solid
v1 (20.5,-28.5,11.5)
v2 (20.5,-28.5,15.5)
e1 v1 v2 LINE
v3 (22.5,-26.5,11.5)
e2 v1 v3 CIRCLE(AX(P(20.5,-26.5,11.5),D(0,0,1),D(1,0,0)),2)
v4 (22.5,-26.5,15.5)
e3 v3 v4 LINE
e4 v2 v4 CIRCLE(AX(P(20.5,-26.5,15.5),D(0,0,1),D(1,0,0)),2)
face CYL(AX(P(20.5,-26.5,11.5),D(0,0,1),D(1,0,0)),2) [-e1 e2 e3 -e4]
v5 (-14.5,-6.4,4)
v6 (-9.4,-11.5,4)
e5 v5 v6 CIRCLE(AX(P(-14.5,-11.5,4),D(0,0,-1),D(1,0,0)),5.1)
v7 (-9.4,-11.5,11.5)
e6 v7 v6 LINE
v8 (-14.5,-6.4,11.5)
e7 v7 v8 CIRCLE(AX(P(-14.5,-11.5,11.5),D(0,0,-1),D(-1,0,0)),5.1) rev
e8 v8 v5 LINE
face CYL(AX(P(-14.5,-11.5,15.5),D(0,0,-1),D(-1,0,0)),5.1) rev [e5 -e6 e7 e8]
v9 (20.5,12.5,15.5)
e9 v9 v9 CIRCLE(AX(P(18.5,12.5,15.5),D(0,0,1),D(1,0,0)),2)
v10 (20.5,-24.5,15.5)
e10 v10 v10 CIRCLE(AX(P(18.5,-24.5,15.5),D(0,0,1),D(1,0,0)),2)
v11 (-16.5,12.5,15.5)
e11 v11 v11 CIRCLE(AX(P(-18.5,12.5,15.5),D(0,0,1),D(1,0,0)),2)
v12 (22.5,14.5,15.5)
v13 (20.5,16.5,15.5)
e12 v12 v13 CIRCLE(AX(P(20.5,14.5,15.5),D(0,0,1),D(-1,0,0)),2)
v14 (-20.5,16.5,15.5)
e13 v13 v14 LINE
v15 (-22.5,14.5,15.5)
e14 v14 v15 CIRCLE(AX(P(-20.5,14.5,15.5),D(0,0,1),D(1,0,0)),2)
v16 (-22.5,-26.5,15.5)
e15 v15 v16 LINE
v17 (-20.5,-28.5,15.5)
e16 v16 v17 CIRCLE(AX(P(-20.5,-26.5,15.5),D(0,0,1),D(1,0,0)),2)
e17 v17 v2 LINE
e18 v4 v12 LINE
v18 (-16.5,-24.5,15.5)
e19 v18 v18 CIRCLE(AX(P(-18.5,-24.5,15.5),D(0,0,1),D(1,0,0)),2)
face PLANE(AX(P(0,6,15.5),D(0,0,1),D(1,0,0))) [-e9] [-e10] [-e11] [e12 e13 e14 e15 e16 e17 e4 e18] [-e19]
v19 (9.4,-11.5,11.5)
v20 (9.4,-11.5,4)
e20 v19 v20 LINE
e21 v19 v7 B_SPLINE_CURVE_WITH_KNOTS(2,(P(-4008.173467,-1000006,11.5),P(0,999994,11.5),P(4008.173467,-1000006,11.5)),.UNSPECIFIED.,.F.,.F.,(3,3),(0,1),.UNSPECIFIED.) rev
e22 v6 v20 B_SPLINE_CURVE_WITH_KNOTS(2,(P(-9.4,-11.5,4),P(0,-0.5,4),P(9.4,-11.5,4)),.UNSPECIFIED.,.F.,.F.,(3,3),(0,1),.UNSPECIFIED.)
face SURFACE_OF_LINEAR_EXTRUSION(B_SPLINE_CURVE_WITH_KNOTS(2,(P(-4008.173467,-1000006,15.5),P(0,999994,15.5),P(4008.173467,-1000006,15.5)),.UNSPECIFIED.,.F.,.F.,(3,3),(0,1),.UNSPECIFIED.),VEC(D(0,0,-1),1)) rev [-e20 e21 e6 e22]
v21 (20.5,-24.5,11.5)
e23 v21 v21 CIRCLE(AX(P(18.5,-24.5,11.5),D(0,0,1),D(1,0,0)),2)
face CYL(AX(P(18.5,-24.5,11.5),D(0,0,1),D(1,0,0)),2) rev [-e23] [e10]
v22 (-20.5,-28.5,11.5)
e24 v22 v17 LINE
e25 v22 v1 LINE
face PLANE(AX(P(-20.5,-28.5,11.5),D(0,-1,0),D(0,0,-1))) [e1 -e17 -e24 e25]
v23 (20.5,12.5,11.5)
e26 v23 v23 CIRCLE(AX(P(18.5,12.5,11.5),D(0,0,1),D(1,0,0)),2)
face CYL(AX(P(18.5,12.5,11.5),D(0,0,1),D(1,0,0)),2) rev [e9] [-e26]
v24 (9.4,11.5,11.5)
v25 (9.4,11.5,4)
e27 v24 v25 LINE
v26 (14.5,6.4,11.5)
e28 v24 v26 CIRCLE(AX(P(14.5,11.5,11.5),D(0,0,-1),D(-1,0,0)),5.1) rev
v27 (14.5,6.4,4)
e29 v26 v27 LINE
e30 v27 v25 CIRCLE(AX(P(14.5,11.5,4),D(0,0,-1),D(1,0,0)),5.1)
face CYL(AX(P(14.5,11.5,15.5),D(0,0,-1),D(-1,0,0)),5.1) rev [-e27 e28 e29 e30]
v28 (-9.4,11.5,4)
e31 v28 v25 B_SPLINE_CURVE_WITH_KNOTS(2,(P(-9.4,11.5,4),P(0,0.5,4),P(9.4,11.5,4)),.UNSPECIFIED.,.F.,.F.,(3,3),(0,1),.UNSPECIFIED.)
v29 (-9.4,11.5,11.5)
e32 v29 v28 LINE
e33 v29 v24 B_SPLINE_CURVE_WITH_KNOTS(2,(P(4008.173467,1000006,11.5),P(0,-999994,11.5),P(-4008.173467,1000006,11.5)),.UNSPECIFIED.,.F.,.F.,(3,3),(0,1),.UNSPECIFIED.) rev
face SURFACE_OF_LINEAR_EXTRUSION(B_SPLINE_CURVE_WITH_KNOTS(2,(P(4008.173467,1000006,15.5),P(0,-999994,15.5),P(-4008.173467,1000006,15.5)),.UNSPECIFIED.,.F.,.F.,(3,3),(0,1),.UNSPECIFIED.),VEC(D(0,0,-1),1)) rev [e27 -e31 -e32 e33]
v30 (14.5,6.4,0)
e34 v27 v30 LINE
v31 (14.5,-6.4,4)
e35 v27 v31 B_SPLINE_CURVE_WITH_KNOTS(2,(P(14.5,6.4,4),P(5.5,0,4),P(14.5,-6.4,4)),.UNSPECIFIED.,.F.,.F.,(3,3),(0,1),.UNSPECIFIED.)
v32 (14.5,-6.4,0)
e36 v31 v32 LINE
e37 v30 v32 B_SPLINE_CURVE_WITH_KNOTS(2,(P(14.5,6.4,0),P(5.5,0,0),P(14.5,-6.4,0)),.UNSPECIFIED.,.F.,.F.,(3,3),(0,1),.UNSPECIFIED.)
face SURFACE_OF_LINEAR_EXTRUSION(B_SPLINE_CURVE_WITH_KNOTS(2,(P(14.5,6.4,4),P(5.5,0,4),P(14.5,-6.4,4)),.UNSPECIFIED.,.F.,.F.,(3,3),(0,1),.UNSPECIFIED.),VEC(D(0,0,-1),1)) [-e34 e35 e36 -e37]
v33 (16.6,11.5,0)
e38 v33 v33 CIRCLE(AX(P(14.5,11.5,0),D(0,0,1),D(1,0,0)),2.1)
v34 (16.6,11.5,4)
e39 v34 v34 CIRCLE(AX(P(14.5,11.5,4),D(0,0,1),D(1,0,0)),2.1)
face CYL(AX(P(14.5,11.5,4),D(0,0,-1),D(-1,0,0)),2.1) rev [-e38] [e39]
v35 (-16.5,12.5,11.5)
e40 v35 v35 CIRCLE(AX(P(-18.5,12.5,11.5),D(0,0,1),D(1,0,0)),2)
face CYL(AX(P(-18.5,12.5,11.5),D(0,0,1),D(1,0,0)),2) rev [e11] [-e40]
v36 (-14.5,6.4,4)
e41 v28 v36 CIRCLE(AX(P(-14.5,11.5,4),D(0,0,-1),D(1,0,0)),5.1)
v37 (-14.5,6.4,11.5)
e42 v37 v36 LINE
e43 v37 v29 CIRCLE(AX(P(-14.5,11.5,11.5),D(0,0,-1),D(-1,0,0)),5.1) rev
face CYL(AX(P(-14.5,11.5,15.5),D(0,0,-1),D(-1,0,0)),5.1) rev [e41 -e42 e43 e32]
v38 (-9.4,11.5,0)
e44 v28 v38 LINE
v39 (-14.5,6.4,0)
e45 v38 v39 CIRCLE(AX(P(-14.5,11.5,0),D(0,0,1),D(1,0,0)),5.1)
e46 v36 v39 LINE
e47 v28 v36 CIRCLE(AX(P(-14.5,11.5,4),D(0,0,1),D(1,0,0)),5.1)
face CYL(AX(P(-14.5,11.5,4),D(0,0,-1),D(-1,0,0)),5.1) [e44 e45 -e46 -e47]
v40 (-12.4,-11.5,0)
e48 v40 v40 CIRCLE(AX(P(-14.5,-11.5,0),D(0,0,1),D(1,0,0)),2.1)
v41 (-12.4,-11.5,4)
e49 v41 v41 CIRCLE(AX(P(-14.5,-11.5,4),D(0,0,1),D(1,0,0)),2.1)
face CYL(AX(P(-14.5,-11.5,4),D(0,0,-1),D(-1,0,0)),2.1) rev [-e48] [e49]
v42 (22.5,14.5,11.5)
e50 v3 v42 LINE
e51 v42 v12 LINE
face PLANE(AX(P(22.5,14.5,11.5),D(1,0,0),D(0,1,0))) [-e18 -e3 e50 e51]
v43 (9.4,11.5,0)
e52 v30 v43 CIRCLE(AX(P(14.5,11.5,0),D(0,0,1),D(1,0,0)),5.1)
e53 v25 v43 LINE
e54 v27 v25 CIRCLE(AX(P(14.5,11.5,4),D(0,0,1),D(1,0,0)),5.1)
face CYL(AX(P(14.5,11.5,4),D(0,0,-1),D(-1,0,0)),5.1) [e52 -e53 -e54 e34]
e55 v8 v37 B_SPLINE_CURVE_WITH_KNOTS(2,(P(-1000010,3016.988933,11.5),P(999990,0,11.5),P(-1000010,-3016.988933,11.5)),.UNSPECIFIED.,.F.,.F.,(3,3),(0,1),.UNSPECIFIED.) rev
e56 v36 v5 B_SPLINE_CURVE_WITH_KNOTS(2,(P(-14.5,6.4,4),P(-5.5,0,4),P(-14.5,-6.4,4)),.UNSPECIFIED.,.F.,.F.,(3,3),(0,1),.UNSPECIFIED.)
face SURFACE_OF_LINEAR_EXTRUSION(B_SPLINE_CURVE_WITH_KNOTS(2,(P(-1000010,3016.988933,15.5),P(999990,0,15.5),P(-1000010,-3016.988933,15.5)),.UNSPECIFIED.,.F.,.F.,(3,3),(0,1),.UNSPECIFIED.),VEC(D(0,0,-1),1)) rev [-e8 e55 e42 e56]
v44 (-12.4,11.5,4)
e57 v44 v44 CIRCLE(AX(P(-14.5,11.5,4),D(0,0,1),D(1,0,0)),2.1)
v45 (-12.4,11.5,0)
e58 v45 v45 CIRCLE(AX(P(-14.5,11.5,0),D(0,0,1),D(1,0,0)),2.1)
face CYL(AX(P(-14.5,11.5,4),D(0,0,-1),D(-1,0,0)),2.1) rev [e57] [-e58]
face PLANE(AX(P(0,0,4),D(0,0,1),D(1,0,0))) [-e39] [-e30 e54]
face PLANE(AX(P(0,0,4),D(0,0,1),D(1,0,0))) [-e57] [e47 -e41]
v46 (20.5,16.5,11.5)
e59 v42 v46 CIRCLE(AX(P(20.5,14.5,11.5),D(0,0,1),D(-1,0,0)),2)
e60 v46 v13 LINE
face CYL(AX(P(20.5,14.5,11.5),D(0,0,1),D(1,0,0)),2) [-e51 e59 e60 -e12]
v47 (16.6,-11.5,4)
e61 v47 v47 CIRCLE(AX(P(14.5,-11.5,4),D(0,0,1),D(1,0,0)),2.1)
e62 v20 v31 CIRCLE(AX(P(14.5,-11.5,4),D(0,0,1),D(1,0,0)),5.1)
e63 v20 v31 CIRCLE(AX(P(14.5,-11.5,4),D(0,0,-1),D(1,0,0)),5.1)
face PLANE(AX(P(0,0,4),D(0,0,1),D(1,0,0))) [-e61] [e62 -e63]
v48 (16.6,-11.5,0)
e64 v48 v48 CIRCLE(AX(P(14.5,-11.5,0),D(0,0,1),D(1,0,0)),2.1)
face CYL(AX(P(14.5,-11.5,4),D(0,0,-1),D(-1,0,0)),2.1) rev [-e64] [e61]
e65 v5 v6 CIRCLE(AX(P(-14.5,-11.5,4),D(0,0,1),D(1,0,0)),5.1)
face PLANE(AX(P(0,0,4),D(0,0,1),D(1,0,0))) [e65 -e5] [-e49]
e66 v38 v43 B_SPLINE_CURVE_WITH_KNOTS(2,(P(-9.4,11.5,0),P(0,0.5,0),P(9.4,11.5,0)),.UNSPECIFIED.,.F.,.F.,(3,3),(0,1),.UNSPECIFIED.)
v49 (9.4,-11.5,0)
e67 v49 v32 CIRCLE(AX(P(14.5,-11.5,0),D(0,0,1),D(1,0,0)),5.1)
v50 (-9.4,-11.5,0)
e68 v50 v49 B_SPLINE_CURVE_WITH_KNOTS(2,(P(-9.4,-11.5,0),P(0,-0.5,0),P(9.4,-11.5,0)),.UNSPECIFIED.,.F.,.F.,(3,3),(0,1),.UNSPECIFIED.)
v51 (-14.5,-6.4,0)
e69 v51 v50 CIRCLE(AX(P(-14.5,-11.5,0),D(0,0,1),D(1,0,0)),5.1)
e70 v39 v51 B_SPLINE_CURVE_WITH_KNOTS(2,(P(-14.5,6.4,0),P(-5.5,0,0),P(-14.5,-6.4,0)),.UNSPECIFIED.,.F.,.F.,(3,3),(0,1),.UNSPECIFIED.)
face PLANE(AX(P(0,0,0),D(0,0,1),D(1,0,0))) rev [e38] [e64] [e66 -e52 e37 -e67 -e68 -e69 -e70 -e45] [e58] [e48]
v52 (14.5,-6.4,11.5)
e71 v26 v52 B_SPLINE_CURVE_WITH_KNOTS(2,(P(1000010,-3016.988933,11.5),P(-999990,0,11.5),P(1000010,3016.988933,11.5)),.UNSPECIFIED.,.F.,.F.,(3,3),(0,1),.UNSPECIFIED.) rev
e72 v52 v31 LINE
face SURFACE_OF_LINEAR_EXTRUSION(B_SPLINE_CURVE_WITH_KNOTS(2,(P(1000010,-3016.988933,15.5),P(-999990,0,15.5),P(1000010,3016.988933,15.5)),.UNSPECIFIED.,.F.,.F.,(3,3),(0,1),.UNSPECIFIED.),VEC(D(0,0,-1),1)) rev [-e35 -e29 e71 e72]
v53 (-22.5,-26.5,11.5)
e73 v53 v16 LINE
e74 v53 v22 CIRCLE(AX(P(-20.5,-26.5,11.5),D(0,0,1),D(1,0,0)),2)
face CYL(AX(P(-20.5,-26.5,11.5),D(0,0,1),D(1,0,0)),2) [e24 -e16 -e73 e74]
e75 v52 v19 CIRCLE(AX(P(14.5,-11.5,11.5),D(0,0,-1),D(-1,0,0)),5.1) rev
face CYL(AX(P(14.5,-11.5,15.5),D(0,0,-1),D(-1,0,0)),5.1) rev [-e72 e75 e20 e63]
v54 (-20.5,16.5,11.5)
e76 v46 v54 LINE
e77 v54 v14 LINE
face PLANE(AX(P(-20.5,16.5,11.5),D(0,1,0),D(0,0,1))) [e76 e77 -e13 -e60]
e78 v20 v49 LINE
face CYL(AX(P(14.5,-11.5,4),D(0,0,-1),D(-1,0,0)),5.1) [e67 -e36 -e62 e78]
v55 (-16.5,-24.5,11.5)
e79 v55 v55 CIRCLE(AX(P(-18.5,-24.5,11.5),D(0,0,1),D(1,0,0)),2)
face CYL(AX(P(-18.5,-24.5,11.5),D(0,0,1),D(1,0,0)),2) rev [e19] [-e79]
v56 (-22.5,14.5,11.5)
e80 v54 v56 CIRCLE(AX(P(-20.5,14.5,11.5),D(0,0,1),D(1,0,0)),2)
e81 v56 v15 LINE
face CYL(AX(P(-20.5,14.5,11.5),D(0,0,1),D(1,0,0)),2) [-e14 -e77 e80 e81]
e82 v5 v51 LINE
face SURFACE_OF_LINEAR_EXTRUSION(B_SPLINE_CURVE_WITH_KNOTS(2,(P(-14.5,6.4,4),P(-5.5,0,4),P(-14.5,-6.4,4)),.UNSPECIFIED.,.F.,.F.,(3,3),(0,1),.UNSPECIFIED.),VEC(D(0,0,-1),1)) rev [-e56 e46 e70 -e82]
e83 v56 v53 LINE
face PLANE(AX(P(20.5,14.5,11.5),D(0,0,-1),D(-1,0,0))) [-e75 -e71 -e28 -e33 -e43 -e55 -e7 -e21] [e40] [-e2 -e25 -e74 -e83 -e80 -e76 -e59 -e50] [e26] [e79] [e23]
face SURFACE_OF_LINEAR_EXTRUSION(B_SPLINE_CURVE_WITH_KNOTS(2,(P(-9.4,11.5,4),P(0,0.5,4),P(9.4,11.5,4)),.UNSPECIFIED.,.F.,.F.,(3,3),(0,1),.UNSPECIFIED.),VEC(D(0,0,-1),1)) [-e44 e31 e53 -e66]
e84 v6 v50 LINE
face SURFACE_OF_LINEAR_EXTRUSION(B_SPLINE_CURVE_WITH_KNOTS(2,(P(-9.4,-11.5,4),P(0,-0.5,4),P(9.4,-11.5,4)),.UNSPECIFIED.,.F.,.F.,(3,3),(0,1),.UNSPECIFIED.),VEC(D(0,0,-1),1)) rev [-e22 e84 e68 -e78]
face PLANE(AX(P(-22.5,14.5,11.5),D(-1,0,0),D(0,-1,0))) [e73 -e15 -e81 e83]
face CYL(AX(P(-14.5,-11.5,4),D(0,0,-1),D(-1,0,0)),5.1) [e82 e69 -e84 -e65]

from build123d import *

# Parameters (mm, degrees)
SKETCH_1_R      = 5.1
SKETCH_1_R_2    = 2.1
EXTRUDE_1_DEPTH = 4
EXTRUDE_2_DEPTH = 11.5
SKETCH_3_R      = 2
EXTRUDE_3_DEPTH = 4


with BuildPart() as part:
    # 草圖1 → 填料-伸長1 (new body)
    # profile 1 of 5: a face of its own
    with BuildSketch(Plane.XY):
        with Locations((-14.5, 11.5)):
            Circle(SKETCH_1_R)
        with Locations((-14.5, 11.5)):
            Circle(SKETCH_1_R_2, mode=Mode.SUBTRACT)
    # profile 2 of 5: a face of its own
    with BuildSketch(Plane.XY):
        with BuildLine():
            add(Edge.make_bspline(
                [(-9.4, 11.5), (0, 0.5), (9.4, 11.5)],
                knots=[0, 0, 0, 1, 1, 1], degree=2))
            ThreePointArc((-9.4, 11.5), (-10.893755416, 7.893755416), (-14.5, 6.4))
            add(Edge.make_bspline(
                [(-14.5, 6.4), (-5.5, 0), (-14.5, -6.4)],
                knots=[0, 0, 0, 1, 1, 1], degree=2))
            ThreePointArc((-14.5, -6.4), (-10.893755416, -7.893755416), (-9.4, -11.5))
            add(Edge.make_bspline(
                [(-9.4, -11.5), (0, -0.5), (9.4, -11.5)],
                knots=[0, 0, 0, 1, 1, 1], degree=2))
            ThreePointArc((9.4, -11.5), (10.893755416, -7.893755416), (14.5, -6.4))
            add(Edge.make_bspline(
                [(14.5, 6.4), (5.5, 0), (14.5, -6.4)],
                knots=[0, 0, 0, 1, 1, 1], degree=2))
            ThreePointArc((14.5, 6.4), (10.893755416, 7.893755416), (9.4, 11.5))
        make_face()
    # profile 3 of 5: a face of its own
    with BuildSketch(Plane.XY):
        with Locations((14.5, 11.5)):
            Circle(SKETCH_1_R)
        with Locations((14.5, 11.5)):
            Circle(SKETCH_1_R_2, mode=Mode.SUBTRACT)
    # profile 4 of 5: a face of its own
    with BuildSketch(Plane.XY):
        with Locations((14.5, -11.5)):
            Circle(SKETCH_1_R)
        with Locations((14.5, -11.5)):
            Circle(SKETCH_1_R_2, mode=Mode.SUBTRACT)
    # profile 5 of 5: a face of its own
    with BuildSketch(Plane.XY):
        with Locations((-14.5, -11.5)):
            Circle(SKETCH_1_R)
        with Locations((-14.5, -11.5)):
            Circle(SKETCH_1_R_2, mode=Mode.SUBTRACT)
    extrude(amount=EXTRUDE_1_DEPTH)

    # 草圖2 → 填料-伸長2 (add)
    with BuildSketch(Plane.XY.offset(4)):
        with BuildLine():
            ThreePointArc((-14.5, 6.4), (-10.893755416, 7.893755416), (-9.4, 11.5))
            add(Edge.make_bspline(
                [(9.4, 11.5), (0, 0.5), (-9.4, 11.5)],
                knots=[0, 0, 0, 1, 1, 1], degree=2))
            ThreePointArc((9.4, 11.5), (10.893755425, 7.893755407), (14.500000025, 6.400000018))
            add(Edge.make_bspline(
                [(14.5, -6.4), (5.499999987, 9e-09), (14.500000025, 6.400000018)],
                knots=[0, 0, 0, 1, 1, 1], degree=2))
            ThreePointArc((14.5, -6.4), (10.893755423, -7.893755409), (9.399999984, -11.499999981))
            add(Edge.make_bspline(
                [(-9.4, -11.5), (-8e-09, -0.500000009), (9.399999984, -11.499999981)],
                knots=[0, 0, 0, 1, 1, 1], degree=2))
            ThreePointArc((-9.4, -11.5), (-10.893755425, -7.893755407), (-14.500000025, -6.400000018))
            add(Edge.make_bspline(
                [(-14.5, 6.4), (-5.499999987, -9e-09), (-14.500000025, -6.400000018)],
                knots=[0, 0, 0, 1, 1, 1], degree=2))
        make_face()
    extrude(amount=EXTRUDE_2_DEPTH)

    # 草圖3 → 填料-伸長3 (add)
    with BuildSketch(Plane.XY.offset(15.5)):
        with BuildLine():
            Line((-20.5, 16.5), (20.5, 16.5))
            ThreePointArc((20.5, 16.5), (21.914213562, 15.914213562), (22.5, 14.5))
            Line((22.5, 14.5), (22.5, -26.5))
            ThreePointArc((22.5, -26.5), (21.914213562, -27.914213562), (20.5, -28.5))
            Line((20.5, -28.5), (-20.5, -28.5))
            ThreePointArc((-20.5, -28.5), (-21.914213562, -27.914213562), (-22.5, -26.5))
            Line((-22.5, -26.5), (-22.5, 14.5))
            ThreePointArc((-22.5, 14.5), (-21.914213562, 15.914213562), (-20.5, 16.5))
        make_face()
        with Locations((-18.5, 12.5)):
            Circle(SKETCH_3_R, mode=Mode.SUBTRACT)
        with Locations((-18.5, -24.5)):
            Circle(SKETCH_3_R, mode=Mode.SUBTRACT)
        with Locations((18.5, -24.5)):
            Circle(SKETCH_3_R, mode=Mode.SUBTRACT)
        with Locations((18.5, 12.5)):
            Circle(SKETCH_3_R, mode=Mode.SUBTRACT)
    extrude(amount=-EXTRUDE_3_DEPTH)


solid = part.part
